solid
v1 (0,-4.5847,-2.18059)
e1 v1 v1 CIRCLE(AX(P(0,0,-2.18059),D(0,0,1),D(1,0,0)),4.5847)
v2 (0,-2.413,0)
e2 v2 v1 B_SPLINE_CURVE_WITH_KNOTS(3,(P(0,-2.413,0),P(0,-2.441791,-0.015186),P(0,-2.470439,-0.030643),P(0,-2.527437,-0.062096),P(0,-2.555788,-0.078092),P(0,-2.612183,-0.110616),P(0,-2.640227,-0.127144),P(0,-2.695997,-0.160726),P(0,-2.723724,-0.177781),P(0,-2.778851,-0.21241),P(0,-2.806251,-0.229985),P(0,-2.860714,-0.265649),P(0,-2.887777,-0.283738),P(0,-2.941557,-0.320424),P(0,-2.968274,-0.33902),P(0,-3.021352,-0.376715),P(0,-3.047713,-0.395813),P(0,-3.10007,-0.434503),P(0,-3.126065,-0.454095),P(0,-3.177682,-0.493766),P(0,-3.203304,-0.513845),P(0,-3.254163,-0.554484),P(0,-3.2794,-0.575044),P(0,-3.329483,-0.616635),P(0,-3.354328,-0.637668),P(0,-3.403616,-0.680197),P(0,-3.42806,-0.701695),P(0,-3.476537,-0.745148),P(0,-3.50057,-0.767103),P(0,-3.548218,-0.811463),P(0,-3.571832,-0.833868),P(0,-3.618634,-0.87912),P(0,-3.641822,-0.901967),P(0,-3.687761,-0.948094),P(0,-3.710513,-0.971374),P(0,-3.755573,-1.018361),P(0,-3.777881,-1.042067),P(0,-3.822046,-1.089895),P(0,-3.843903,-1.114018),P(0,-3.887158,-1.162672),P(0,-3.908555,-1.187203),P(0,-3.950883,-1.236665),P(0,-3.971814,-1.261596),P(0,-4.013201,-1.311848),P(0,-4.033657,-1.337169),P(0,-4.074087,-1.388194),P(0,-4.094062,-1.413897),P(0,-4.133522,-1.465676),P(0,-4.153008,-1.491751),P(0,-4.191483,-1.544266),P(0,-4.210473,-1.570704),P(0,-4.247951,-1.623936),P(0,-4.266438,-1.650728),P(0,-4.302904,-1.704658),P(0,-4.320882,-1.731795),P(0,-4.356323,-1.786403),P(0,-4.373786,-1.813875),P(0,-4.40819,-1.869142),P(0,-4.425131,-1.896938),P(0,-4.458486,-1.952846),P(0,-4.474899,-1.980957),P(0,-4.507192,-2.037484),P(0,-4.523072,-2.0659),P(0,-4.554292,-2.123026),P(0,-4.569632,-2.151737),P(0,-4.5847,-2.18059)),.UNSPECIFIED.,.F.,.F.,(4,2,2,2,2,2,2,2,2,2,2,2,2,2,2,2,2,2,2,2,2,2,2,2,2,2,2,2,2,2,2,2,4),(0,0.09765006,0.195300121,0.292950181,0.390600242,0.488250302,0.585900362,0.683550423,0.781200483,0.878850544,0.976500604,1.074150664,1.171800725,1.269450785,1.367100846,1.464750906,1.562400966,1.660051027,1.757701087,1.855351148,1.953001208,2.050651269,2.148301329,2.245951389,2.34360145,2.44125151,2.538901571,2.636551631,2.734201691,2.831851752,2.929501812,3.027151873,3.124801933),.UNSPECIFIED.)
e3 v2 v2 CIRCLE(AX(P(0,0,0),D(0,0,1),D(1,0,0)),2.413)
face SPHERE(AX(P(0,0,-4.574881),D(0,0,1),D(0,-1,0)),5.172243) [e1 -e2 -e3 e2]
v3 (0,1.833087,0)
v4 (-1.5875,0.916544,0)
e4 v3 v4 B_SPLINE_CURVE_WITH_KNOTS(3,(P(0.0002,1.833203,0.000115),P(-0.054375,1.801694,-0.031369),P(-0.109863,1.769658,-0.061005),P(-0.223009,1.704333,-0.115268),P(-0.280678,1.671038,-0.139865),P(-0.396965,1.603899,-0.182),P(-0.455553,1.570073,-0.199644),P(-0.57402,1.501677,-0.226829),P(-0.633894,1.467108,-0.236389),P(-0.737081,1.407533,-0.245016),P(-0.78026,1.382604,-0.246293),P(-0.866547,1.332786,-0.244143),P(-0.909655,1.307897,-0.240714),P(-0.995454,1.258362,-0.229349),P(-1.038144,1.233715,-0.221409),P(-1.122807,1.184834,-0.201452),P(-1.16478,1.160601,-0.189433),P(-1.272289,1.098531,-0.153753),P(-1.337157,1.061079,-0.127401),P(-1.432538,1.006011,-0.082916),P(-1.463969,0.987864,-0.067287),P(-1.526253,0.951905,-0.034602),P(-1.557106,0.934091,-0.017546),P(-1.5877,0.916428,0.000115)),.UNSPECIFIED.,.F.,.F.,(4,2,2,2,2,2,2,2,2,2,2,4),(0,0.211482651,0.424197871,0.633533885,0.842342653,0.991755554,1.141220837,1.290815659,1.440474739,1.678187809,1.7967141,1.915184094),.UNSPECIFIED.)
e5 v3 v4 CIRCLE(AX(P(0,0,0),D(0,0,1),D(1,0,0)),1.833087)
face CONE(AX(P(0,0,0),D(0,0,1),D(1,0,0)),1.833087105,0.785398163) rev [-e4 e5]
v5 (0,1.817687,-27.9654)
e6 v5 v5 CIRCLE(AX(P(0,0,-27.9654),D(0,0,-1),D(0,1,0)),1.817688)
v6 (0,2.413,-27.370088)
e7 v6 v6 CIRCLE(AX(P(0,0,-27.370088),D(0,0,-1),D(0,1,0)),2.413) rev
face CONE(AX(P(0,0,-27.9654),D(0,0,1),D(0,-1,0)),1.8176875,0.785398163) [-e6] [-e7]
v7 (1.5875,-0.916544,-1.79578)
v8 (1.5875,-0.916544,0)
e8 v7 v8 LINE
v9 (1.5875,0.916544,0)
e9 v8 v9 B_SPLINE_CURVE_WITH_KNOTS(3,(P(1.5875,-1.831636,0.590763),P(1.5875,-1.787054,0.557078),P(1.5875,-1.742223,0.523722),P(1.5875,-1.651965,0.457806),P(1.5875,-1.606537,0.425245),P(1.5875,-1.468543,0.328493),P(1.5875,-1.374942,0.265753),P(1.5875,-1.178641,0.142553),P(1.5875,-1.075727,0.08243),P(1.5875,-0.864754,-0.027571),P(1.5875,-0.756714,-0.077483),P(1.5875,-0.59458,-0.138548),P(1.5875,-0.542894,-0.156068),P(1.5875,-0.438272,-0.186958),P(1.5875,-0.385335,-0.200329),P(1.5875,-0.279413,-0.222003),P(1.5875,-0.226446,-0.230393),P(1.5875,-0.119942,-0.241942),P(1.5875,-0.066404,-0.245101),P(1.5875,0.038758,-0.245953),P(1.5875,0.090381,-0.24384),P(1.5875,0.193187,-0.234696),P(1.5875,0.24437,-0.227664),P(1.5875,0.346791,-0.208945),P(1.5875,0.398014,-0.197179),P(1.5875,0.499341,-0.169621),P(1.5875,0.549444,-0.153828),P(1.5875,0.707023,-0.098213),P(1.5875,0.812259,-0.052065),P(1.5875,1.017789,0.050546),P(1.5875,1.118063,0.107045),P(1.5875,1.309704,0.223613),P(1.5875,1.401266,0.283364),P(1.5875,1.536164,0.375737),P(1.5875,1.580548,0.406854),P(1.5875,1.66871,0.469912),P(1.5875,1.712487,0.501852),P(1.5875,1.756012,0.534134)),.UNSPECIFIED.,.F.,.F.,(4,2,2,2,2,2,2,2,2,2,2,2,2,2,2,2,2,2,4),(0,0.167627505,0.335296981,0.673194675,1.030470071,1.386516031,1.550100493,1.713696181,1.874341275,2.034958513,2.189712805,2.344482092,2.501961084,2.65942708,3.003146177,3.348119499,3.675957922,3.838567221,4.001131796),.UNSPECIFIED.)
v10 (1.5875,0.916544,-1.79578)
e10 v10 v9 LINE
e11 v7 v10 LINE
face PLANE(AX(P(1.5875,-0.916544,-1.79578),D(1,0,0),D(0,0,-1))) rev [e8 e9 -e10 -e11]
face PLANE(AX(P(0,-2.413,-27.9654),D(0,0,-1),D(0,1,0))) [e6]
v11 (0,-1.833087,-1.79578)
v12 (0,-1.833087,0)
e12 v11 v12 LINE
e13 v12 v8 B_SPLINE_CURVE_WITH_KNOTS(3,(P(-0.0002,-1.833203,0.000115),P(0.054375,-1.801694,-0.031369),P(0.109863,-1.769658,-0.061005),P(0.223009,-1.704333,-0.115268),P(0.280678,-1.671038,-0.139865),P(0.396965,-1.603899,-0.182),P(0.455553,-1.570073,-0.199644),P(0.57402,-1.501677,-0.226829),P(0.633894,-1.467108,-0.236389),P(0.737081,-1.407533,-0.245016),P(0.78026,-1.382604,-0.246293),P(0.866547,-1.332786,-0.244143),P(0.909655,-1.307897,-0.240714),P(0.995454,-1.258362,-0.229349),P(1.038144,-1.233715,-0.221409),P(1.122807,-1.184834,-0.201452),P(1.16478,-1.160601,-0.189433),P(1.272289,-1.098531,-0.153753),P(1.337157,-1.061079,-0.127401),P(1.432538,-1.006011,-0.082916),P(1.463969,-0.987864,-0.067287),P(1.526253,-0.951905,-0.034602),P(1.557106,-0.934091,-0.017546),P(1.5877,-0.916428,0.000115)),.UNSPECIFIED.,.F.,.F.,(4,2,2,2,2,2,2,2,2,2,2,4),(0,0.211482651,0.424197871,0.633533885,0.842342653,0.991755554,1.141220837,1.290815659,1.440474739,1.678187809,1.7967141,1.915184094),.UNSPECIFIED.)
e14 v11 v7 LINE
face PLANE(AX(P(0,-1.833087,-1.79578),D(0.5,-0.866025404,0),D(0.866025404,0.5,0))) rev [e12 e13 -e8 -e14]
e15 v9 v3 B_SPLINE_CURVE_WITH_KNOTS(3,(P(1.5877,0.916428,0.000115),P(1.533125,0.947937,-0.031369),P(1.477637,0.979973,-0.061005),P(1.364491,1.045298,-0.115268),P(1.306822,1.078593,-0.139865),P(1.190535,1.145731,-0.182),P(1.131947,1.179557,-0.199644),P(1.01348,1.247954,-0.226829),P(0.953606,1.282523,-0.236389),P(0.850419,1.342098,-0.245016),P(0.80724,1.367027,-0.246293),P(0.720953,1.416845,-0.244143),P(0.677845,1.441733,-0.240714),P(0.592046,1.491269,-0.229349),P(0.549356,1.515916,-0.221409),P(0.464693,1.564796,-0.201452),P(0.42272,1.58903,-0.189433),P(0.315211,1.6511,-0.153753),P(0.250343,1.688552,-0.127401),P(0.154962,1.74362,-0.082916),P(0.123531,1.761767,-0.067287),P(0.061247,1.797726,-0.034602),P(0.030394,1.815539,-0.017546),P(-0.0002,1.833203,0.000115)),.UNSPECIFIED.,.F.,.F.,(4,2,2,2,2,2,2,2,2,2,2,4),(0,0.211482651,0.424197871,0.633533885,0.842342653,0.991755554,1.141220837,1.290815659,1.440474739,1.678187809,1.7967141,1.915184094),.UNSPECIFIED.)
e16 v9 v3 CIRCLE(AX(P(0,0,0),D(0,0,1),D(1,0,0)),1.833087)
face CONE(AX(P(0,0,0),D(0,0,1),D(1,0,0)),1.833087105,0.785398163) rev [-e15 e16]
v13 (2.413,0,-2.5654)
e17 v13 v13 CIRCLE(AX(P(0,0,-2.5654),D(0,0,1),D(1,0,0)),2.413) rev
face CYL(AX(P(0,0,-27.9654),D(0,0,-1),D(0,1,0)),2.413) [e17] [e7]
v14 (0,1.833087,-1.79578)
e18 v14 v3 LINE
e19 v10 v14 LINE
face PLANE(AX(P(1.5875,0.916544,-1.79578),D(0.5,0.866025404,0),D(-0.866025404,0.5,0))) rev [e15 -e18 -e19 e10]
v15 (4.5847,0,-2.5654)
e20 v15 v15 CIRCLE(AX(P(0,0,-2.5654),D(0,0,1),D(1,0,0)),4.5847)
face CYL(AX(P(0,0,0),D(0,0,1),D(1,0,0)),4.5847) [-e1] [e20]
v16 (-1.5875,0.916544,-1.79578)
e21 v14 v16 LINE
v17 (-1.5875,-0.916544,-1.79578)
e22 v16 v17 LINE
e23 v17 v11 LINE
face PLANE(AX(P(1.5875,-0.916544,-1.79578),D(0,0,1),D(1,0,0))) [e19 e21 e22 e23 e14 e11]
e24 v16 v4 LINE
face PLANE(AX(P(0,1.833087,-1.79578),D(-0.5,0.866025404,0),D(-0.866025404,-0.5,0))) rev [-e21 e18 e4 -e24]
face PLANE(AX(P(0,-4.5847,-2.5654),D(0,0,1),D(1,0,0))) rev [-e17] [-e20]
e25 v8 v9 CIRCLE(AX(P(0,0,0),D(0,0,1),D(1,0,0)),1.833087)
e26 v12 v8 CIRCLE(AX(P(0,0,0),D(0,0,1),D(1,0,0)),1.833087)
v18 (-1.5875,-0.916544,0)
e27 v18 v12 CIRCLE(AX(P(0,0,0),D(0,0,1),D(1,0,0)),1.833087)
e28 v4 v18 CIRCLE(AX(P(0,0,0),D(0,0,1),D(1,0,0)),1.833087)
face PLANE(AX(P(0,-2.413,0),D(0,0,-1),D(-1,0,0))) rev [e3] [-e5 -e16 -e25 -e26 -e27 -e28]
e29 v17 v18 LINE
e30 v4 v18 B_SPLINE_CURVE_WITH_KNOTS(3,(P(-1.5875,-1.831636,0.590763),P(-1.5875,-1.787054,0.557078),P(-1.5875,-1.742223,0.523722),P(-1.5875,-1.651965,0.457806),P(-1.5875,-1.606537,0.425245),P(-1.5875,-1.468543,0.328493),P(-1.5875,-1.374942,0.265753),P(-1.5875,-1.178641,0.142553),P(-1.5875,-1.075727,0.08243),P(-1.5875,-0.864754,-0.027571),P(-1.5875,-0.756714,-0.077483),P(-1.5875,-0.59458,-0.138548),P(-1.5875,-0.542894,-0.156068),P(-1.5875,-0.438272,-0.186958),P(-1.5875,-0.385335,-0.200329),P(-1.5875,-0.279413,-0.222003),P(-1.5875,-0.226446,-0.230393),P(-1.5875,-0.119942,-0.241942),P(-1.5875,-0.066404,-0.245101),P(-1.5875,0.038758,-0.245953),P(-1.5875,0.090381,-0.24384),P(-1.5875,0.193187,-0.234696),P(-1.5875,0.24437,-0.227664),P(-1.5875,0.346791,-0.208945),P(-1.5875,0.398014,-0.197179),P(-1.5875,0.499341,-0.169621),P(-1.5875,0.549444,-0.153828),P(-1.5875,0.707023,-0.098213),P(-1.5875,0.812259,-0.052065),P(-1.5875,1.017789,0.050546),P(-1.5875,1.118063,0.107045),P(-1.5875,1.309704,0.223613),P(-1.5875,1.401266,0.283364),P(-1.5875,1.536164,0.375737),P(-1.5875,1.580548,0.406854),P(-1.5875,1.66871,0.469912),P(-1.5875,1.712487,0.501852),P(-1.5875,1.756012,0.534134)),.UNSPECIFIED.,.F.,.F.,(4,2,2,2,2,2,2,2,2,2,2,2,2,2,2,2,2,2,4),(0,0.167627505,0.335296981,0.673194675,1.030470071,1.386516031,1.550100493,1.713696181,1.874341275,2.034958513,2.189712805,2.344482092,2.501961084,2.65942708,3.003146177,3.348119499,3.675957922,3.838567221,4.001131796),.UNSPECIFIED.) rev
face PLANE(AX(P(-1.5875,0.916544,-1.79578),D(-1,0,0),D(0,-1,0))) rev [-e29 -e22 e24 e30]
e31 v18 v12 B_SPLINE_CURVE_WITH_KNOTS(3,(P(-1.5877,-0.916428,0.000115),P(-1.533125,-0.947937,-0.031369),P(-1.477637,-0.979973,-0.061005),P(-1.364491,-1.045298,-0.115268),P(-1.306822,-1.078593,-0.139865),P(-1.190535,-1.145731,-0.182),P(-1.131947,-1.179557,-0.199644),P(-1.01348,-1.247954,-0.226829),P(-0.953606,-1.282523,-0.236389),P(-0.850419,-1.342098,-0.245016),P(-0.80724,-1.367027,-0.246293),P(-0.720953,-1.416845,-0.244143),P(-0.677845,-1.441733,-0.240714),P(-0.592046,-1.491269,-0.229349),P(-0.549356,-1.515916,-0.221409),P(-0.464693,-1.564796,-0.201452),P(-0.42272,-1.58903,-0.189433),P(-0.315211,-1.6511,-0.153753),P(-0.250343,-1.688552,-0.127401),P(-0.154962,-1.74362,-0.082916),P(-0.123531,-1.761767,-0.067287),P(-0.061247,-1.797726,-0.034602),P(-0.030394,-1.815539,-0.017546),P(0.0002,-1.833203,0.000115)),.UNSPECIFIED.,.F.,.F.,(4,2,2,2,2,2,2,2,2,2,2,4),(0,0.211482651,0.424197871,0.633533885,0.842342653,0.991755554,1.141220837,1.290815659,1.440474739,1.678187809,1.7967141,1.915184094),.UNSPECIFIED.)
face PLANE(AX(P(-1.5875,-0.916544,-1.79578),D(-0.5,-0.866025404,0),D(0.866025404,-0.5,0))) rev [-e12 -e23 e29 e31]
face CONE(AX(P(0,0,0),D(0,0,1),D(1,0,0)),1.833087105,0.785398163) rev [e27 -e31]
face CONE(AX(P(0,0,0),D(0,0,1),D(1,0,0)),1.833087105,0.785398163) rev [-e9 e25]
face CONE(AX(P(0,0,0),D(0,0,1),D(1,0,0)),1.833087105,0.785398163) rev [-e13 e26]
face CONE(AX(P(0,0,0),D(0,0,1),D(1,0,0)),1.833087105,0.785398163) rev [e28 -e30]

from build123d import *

# Parameters (mm, degrees)
SKETCH1_W          = 25.4
SKETCH1_H          = 2.413
CHAMFER1_SIZE      = 0.5953125
CUT_EXTRUDE2_DEPTH = 1.79578
SKETCH6_R          = 1.833087105
CUT_EXTRUDE3_DEPTH = 1.79578
CUT_EXTRUDE3_TAPER = 45


with BuildPart() as part:
    # Sketch1 → Revolve1 (revolve)
    with BuildSketch(Plane(origin=(0, 0, 0), x_dir=(0, 0, -1), z_dir=(1, 0, 0))):
        with Locations((15.2654, 1.2065)):
            Rectangle(SKETCH1_W, SKETCH1_H)
    revolve(axis=Axis((0, 0, -27.9654), (0, 0, 1)))

    # Chamfer1
    chamfer1_edges = [part.edges().sort_by_distance(p)[0] for p in [
        (0, -2.413, -27.9654),
    ]]
    chamfer(chamfer1_edges, length=CHAMFER1_SIZE)

    # Sketch7 → Revolve2 (revolve)
    with BuildSketch(Plane(origin=(0, 0, 0), x_dir=(0, 0, -1), z_dir=(1, 0, 0))):
        with BuildLine():
            Line((2.18059, 4.5847), (2.5654, 4.5847))
            Line((2.5654, 4.5847), (2.5654, 0))
            Line((2.5654, 0), (0, 0))
            Line((0, 0), (0, 2.413))
            ThreePointArc((0, 2.413), (0.925030326, 3.664791196), (2.18059, 4.5847))
        make_face()
    revolve(axis=Axis((0, 0, 0), (0, 0, -1)))

    # Sketch5 → Cut-Extrude2 (cut)
    with BuildSketch(Plane.XY):
        Polygon((1.5875, -0.916543552), (1.5875, 0.916543552), (0, 1.833087105), (-1.5875, 0.916543552), (-1.5875, -0.916543552), (0, -1.833087105), align=None)
    extrude(amount=-CUT_EXTRUDE2_DEPTH, mode=Mode.SUBTRACT)

    # Sketch6 → Cut-Extrude3 (cut)
    with BuildSketch(Plane.XY):
        Circle(SKETCH6_R)
    extrude(amount=-CUT_EXTRUDE3_DEPTH, taper=CUT_EXTRUDE3_TAPER, mode=Mode.SUBTRACT)


solid = part.part
